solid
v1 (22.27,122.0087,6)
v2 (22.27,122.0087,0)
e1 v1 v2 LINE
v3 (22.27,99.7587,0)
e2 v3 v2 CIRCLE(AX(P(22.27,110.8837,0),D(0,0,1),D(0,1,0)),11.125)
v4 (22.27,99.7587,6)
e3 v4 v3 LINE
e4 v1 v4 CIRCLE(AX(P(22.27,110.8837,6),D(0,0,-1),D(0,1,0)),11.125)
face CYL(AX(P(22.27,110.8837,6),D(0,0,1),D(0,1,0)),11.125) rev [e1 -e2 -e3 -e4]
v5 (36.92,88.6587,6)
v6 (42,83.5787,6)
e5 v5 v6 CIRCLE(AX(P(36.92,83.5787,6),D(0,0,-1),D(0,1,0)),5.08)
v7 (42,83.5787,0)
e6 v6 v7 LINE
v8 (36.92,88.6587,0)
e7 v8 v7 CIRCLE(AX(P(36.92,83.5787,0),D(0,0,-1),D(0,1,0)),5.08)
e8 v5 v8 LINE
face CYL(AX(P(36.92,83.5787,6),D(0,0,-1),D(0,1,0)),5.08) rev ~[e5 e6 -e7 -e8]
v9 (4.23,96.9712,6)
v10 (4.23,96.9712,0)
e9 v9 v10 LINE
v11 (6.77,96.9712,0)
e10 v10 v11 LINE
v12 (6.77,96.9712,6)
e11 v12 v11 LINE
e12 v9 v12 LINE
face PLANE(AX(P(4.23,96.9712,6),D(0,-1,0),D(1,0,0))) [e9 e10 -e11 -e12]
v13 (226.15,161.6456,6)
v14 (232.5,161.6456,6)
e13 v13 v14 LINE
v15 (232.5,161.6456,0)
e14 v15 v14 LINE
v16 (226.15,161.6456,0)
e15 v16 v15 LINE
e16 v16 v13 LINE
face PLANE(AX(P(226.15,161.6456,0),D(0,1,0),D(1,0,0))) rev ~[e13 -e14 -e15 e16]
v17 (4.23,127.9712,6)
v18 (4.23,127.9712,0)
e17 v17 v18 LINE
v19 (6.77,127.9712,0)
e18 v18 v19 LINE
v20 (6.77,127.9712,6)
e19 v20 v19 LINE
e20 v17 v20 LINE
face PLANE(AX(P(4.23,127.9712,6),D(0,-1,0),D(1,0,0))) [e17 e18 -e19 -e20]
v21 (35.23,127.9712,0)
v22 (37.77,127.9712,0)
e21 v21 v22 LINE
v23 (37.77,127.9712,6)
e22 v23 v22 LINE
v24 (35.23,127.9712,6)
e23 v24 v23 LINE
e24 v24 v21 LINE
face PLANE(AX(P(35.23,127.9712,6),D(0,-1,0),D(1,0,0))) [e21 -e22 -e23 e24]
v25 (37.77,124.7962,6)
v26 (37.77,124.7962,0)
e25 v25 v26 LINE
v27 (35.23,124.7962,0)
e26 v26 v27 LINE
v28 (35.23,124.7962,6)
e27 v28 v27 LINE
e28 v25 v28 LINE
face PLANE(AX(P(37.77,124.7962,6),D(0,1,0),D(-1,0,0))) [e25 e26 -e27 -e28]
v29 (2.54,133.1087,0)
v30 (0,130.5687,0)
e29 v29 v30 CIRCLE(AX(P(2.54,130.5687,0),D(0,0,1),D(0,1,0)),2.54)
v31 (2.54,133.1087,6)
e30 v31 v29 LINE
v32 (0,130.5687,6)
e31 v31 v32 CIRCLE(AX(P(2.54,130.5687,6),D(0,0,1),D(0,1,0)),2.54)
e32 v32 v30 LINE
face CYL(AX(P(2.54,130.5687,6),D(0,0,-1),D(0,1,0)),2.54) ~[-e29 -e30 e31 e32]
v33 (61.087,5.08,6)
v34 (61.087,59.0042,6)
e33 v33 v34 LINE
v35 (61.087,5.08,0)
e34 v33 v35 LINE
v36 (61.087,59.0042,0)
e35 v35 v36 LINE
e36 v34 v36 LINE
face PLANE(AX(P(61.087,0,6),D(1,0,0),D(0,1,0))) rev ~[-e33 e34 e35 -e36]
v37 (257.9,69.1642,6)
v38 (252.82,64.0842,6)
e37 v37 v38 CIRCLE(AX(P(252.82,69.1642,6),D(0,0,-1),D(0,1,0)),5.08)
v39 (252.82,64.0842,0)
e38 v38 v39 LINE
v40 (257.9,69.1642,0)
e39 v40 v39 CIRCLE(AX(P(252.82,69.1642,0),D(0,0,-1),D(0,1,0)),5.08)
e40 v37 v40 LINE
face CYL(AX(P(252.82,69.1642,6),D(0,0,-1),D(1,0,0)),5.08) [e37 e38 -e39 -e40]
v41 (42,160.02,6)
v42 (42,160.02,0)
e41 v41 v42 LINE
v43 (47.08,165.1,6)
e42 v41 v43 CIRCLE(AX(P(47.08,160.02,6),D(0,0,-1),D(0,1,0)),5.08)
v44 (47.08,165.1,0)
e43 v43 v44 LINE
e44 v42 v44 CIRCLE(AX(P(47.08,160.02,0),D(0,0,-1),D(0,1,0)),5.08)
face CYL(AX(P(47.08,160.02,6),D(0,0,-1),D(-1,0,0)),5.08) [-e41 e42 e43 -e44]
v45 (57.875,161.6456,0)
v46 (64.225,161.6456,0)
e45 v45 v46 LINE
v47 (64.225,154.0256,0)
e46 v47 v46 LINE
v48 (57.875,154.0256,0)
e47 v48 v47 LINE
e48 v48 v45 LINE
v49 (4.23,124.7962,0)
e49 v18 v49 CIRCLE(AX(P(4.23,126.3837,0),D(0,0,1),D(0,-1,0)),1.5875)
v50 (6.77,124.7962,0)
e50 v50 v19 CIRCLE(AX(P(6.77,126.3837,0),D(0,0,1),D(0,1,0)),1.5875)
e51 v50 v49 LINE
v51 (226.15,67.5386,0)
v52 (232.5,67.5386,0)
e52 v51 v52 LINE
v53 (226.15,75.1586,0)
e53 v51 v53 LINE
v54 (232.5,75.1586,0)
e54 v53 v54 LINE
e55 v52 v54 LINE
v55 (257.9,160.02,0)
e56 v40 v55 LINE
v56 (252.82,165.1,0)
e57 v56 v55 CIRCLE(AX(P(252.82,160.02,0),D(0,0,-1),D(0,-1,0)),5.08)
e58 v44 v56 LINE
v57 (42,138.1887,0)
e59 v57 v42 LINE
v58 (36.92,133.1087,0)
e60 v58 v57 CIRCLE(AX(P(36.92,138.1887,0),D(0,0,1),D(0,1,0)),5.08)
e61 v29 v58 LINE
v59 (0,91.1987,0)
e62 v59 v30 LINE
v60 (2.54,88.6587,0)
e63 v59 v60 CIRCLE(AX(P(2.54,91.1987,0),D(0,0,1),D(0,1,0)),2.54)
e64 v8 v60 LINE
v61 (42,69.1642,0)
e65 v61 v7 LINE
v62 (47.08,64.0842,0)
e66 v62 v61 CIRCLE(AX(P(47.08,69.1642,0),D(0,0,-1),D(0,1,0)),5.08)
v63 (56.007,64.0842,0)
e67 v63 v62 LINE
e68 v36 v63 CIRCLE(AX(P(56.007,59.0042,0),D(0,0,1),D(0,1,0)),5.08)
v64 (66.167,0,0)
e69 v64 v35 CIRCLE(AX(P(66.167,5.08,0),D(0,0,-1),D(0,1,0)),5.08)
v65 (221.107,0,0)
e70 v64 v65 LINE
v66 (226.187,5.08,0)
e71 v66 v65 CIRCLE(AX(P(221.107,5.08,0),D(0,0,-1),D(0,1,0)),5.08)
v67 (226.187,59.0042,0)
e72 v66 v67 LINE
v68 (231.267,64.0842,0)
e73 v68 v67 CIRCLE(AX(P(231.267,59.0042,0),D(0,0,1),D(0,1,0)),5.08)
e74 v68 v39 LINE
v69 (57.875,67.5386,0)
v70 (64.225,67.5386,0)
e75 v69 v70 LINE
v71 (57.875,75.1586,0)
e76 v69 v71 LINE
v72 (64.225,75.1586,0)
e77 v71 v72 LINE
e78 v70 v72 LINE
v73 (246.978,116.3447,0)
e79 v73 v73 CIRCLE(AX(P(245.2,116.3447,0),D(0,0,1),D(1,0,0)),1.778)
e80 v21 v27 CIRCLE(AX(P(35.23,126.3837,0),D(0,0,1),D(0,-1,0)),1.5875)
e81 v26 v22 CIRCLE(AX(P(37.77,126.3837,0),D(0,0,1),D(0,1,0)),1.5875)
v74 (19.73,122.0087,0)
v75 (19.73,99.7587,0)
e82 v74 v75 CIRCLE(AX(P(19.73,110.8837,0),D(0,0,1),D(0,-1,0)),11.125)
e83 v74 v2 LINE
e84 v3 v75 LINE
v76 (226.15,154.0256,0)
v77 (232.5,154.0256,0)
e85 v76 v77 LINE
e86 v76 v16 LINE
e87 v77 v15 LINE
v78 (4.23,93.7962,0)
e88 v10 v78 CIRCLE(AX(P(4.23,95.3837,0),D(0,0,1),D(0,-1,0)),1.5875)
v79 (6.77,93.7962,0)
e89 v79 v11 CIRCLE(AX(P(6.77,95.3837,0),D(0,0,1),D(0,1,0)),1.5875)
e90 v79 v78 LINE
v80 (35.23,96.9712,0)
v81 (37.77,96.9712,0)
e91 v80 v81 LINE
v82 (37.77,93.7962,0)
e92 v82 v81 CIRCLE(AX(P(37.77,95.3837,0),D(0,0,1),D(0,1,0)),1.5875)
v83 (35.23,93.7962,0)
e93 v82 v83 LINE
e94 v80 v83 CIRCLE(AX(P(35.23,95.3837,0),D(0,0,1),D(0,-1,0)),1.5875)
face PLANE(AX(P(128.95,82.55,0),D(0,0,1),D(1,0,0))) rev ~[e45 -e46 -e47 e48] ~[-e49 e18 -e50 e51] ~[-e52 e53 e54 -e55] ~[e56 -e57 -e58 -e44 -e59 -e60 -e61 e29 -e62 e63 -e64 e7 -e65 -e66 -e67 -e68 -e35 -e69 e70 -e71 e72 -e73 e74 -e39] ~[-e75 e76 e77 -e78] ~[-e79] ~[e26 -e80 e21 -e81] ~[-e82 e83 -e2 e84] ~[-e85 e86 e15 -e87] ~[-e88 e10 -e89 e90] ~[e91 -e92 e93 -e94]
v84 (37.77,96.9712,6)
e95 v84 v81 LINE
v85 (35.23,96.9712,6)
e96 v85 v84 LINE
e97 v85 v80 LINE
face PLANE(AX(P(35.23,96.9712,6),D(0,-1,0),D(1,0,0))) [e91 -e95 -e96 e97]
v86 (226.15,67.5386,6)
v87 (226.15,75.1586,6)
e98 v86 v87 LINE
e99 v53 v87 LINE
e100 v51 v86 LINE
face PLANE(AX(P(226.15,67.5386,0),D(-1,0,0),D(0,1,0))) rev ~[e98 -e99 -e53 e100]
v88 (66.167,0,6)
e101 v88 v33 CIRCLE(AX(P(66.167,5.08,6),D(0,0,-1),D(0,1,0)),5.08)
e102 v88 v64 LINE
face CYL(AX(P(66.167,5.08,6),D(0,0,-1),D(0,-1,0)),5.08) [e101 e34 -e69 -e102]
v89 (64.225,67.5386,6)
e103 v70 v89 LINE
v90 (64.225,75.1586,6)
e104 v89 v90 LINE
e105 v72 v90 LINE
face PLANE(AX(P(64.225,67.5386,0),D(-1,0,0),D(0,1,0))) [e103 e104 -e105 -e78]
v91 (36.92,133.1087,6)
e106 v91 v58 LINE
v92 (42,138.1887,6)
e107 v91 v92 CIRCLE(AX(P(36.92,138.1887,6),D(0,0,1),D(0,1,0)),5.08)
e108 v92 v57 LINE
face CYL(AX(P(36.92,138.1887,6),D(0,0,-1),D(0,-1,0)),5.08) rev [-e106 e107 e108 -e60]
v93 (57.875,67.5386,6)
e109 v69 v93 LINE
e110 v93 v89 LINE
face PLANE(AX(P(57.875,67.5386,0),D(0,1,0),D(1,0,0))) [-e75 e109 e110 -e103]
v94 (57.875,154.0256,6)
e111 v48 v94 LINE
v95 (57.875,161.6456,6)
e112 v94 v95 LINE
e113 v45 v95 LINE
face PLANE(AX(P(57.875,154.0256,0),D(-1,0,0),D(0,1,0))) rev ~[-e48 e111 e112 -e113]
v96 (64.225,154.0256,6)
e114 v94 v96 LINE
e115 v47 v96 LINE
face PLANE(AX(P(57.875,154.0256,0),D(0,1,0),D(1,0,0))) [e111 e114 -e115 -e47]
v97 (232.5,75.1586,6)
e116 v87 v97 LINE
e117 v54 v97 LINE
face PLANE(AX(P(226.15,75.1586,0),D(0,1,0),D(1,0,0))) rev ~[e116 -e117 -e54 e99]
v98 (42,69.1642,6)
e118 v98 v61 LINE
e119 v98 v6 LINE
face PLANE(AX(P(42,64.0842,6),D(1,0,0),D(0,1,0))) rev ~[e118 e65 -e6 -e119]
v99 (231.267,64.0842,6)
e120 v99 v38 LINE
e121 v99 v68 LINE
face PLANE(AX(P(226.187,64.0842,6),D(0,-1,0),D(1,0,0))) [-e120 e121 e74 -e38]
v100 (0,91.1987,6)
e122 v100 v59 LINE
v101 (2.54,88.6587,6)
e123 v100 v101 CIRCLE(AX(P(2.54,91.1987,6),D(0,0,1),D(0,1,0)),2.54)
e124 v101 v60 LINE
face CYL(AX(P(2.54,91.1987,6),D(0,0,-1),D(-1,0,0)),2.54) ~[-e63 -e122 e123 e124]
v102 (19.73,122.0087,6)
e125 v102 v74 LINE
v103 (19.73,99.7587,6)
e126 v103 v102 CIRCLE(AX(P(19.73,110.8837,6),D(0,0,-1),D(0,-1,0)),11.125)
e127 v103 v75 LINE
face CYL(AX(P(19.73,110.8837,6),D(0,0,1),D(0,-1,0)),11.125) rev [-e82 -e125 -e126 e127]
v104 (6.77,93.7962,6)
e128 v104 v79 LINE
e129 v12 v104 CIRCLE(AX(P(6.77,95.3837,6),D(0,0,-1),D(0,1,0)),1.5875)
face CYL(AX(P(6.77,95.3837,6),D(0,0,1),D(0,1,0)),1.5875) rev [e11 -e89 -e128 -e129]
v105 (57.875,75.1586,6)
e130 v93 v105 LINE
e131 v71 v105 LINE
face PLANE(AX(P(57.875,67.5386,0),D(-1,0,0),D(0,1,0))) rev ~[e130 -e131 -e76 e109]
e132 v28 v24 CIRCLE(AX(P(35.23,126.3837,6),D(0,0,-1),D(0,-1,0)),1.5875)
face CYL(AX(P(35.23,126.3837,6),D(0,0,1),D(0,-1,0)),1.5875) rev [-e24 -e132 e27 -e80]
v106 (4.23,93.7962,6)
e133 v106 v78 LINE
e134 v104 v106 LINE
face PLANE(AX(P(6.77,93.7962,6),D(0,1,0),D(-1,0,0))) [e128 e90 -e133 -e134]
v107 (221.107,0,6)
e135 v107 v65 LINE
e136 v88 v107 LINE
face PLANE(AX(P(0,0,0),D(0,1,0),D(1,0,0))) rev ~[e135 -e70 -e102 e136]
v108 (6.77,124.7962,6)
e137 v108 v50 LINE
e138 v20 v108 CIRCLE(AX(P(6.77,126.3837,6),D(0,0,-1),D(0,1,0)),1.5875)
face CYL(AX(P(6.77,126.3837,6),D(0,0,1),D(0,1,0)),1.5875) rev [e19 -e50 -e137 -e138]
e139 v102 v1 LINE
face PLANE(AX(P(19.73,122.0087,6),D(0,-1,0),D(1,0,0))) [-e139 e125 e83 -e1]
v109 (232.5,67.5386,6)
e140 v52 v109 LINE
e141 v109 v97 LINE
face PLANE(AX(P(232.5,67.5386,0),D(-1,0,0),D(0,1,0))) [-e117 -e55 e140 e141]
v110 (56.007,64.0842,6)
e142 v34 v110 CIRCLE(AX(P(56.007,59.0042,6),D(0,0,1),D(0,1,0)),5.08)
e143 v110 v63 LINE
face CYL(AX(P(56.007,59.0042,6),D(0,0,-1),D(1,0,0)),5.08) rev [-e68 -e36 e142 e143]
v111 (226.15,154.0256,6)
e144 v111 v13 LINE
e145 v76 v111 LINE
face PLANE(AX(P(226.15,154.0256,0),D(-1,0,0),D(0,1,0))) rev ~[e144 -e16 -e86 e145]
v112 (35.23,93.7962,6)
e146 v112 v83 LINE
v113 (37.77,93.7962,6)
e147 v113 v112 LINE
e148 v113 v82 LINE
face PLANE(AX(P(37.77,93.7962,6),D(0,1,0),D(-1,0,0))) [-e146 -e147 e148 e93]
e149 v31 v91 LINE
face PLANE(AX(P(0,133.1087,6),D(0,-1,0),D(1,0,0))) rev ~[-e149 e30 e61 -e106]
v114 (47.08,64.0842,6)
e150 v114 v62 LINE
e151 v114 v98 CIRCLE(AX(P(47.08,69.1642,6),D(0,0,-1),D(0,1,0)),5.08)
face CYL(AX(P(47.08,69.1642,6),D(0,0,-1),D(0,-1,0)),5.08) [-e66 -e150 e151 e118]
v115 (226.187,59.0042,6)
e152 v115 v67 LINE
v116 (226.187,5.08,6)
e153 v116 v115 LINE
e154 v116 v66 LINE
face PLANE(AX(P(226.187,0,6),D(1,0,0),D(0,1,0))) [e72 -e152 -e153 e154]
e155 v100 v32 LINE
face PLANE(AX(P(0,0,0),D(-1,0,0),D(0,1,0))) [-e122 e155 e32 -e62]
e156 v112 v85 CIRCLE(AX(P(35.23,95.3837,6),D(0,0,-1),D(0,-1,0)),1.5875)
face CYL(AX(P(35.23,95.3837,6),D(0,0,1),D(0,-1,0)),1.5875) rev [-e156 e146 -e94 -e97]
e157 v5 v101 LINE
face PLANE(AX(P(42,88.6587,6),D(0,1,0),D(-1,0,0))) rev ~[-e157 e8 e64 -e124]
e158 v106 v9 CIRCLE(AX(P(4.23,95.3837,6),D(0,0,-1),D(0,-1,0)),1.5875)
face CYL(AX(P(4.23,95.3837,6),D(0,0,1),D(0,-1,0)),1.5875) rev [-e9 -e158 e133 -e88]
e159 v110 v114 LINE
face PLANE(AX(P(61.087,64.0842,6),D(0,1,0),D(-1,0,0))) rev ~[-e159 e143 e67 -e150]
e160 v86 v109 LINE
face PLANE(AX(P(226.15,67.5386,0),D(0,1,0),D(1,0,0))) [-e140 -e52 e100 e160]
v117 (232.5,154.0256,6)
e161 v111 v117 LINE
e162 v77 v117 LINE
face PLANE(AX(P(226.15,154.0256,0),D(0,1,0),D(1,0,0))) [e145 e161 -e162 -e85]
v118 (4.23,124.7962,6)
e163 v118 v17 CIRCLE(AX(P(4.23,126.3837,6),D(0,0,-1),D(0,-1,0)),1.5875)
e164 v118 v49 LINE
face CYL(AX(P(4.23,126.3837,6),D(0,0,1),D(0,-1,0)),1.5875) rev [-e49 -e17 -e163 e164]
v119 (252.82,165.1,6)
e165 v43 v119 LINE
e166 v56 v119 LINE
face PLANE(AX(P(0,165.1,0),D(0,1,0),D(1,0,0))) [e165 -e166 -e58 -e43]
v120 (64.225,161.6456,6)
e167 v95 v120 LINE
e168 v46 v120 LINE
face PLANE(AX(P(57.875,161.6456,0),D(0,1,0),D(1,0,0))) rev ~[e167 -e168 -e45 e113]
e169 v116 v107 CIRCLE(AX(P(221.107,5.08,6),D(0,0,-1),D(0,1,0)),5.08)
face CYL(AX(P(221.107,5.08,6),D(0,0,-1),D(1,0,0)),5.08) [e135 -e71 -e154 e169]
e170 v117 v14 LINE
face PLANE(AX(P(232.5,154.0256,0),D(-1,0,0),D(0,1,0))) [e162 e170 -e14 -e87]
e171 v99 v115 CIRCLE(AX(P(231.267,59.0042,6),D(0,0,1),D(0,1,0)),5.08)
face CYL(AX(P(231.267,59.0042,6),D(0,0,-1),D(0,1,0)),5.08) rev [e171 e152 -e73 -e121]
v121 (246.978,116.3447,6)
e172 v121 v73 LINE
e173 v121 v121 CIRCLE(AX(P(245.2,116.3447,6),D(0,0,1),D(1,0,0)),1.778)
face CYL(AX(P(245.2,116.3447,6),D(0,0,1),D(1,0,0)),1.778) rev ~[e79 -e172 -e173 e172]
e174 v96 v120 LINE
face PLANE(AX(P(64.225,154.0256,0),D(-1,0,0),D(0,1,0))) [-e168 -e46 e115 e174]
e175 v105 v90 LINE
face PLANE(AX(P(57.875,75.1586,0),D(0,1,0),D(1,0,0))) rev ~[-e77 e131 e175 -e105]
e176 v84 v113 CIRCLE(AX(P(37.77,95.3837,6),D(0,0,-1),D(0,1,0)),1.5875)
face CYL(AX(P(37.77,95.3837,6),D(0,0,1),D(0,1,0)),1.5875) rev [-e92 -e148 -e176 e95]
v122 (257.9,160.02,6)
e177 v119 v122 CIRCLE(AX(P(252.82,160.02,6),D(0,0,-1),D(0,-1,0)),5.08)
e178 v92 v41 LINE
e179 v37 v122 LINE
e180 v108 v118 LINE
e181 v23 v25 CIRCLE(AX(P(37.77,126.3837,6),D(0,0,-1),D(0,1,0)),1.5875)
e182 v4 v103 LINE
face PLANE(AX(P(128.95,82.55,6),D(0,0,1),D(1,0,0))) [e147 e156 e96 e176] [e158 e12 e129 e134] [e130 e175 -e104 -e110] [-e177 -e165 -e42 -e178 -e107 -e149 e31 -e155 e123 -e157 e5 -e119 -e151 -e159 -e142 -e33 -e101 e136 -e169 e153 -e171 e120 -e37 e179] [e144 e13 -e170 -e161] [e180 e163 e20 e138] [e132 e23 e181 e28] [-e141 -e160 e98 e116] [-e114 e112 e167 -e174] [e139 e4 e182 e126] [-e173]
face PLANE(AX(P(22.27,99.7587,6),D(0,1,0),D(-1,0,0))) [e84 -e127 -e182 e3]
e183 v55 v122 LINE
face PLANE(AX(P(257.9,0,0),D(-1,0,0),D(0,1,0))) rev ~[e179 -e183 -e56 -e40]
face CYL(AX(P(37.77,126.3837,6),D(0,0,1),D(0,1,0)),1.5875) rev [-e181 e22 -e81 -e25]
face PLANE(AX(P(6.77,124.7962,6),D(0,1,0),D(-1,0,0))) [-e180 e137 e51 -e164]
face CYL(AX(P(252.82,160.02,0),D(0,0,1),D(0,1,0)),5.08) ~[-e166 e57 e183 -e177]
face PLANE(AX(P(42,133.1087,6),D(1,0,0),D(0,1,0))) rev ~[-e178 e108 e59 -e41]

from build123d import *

# Parameters (mm, degrees)
SKETCH1_W           = 257.9
SKETCH1_H           = 165.1
SKETCH1_W_2         = 6.35
SKETCH1_H_2         = 7.62
BOSS_EXTRUDE1_DEPTH = 6
SKETCH2_R           = 1.778
CUT_EXTRUDE1_DEPTH  = 307.278337464
SKETCH3_W           = 42
SKETCH3_H           = 31.9913
SKETCH3_W_2         = 31.713
SKETCH3_H_2         = 64.0842
CUT_EXTRUDE2_DEPTH  = 307.278337464
FILLET1_R           = 5.08
FILLET2_R           = 2.54


with BuildPart() as part:
    # Sketch1 → Boss-Extrude1 (new body)
    with BuildSketch(Plane.XY):
        with Locations((128.95, 82.55)):
            Rectangle(SKETCH1_W, SKETCH1_H)
        with Locations((229.325, 157.8356)):
            Rectangle(SKETCH1_W_2, SKETCH1_H_2, mode=Mode.SUBTRACT)
        with Locations((61.05, 157.8356)):
            Rectangle(SKETCH1_W_2, SKETCH1_H_2, mode=Mode.SUBTRACT)
        with Locations((229.325, 71.3486)):
            Rectangle(SKETCH1_W_2, SKETCH1_H_2, mode=Mode.SUBTRACT)
        with Locations((61.05, 71.3486)):
            Rectangle(SKETCH1_W_2, SKETCH1_H_2, mode=Mode.SUBTRACT)
    extrude(amount=BOSS_EXTRUDE1_DEPTH)

    # Sketch2 → Cut-Extrude1 (cut, through all)
    with BuildSketch(Plane.XY.offset(6)):
        with Locations((245.2, 116.3447)):
            Circle(SKETCH2_R)
        with BuildLine():
            Line((4.23, 127.9712), (6.77, 127.9712))
            ThreePointArc((6.77, 127.9712), (8.3575, 126.3837), (6.77, 124.7962))
            Line((6.77, 124.7962), (4.23, 124.7962))
            ThreePointArc((4.23, 124.7962), (2.6425, 126.3837), (4.23, 127.9712))
        make_face()
        with BuildLine():
            Line((35.23, 127.9712), (37.77, 127.9712))
            ThreePointArc((37.77, 127.9712), (39.3575, 126.3837), (37.77, 124.7962))
            Line((37.77, 124.7962), (35.23, 124.7962))
            ThreePointArc((35.23, 124.7962), (33.6425, 126.3837), (35.23, 127.9712))
        make_face()
        with BuildLine():
            Line((35.23, 96.9712), (37.77, 96.9712))
            ThreePointArc((37.77, 96.9712), (39.3575, 95.3837), (37.77, 93.7962))
            Line((37.77, 93.7962), (35.23, 93.7962))
            ThreePointArc((35.23, 93.7962), (33.6425, 95.3837), (35.23, 96.9712))
        make_face()
        with BuildLine():
            Line((4.23, 96.9712), (6.77, 96.9712))
            ThreePointArc((6.77, 96.9712), (8.3575, 95.3837), (6.77, 93.7962))
            Line((6.77, 93.7962), (4.23, 93.7962))
            ThreePointArc((4.23, 93.7962), (2.6425, 95.3837), (4.23, 96.9712))
        make_face()
        with BuildLine():
            Line((19.73, 122.0087), (22.27, 122.0087))
            ThreePointArc((22.27, 122.0087), (33.395, 110.8837), (22.27, 99.7587))
            Line((22.27, 99.7587), (19.73, 99.7587))
            ThreePointArc((19.73, 99.7587), (8.605, 110.8837), (19.73, 122.0087))
        make_face()
    extrude(amount=-CUT_EXTRUDE1_DEPTH, mode=Mode.SUBTRACT)

    # Sketch3 → Cut-Extrude2 (cut, through all)
    with BuildSketch(Plane.XY.offset(6)):
        Polygon((61.087, 0), (61.087, 64.0842), (42, 64.0842), (42, 88.6587), (0, 88.6587), (0, 0), align=None)
        with Locations((21, 149.10435)):
            Rectangle(SKETCH3_W, SKETCH3_H)
        with Locations((242.0435, 32.0421)):
            Rectangle(SKETCH3_W_2, SKETCH3_H_2)
    extrude(amount=-CUT_EXTRUDE2_DEPTH, mode=Mode.SUBTRACT)

    # Fillet1
    fillet1_edges = [part.edges().sort_by_distance(p)[0] for p in [
        (61.087, 0, 3),
        (42, 88.6587, 3),
        (42, 64.0842, 3),
        (61.087, 64.0842, 3),
        (42, 165.1, 3),
        (42, 133.1087, 3),
        (226.187, 0, 3),
        (226.187, 64.0842, 3),
        (257.9, 64.0842, 3),
        (257.9, 165.1, 3),
    ]]
    fillet(fillet1_edges, radius=FILLET1_R)

    # Fillet2
    fillet2_edges = [part.edges().sort_by_distance(p)[0] for p in [
        (0, 88.6587, 3),
        (0, 133.1087, 3),
    ]]
    fillet(fillet2_edges, radius=FILLET2_R)


solid = part.part
